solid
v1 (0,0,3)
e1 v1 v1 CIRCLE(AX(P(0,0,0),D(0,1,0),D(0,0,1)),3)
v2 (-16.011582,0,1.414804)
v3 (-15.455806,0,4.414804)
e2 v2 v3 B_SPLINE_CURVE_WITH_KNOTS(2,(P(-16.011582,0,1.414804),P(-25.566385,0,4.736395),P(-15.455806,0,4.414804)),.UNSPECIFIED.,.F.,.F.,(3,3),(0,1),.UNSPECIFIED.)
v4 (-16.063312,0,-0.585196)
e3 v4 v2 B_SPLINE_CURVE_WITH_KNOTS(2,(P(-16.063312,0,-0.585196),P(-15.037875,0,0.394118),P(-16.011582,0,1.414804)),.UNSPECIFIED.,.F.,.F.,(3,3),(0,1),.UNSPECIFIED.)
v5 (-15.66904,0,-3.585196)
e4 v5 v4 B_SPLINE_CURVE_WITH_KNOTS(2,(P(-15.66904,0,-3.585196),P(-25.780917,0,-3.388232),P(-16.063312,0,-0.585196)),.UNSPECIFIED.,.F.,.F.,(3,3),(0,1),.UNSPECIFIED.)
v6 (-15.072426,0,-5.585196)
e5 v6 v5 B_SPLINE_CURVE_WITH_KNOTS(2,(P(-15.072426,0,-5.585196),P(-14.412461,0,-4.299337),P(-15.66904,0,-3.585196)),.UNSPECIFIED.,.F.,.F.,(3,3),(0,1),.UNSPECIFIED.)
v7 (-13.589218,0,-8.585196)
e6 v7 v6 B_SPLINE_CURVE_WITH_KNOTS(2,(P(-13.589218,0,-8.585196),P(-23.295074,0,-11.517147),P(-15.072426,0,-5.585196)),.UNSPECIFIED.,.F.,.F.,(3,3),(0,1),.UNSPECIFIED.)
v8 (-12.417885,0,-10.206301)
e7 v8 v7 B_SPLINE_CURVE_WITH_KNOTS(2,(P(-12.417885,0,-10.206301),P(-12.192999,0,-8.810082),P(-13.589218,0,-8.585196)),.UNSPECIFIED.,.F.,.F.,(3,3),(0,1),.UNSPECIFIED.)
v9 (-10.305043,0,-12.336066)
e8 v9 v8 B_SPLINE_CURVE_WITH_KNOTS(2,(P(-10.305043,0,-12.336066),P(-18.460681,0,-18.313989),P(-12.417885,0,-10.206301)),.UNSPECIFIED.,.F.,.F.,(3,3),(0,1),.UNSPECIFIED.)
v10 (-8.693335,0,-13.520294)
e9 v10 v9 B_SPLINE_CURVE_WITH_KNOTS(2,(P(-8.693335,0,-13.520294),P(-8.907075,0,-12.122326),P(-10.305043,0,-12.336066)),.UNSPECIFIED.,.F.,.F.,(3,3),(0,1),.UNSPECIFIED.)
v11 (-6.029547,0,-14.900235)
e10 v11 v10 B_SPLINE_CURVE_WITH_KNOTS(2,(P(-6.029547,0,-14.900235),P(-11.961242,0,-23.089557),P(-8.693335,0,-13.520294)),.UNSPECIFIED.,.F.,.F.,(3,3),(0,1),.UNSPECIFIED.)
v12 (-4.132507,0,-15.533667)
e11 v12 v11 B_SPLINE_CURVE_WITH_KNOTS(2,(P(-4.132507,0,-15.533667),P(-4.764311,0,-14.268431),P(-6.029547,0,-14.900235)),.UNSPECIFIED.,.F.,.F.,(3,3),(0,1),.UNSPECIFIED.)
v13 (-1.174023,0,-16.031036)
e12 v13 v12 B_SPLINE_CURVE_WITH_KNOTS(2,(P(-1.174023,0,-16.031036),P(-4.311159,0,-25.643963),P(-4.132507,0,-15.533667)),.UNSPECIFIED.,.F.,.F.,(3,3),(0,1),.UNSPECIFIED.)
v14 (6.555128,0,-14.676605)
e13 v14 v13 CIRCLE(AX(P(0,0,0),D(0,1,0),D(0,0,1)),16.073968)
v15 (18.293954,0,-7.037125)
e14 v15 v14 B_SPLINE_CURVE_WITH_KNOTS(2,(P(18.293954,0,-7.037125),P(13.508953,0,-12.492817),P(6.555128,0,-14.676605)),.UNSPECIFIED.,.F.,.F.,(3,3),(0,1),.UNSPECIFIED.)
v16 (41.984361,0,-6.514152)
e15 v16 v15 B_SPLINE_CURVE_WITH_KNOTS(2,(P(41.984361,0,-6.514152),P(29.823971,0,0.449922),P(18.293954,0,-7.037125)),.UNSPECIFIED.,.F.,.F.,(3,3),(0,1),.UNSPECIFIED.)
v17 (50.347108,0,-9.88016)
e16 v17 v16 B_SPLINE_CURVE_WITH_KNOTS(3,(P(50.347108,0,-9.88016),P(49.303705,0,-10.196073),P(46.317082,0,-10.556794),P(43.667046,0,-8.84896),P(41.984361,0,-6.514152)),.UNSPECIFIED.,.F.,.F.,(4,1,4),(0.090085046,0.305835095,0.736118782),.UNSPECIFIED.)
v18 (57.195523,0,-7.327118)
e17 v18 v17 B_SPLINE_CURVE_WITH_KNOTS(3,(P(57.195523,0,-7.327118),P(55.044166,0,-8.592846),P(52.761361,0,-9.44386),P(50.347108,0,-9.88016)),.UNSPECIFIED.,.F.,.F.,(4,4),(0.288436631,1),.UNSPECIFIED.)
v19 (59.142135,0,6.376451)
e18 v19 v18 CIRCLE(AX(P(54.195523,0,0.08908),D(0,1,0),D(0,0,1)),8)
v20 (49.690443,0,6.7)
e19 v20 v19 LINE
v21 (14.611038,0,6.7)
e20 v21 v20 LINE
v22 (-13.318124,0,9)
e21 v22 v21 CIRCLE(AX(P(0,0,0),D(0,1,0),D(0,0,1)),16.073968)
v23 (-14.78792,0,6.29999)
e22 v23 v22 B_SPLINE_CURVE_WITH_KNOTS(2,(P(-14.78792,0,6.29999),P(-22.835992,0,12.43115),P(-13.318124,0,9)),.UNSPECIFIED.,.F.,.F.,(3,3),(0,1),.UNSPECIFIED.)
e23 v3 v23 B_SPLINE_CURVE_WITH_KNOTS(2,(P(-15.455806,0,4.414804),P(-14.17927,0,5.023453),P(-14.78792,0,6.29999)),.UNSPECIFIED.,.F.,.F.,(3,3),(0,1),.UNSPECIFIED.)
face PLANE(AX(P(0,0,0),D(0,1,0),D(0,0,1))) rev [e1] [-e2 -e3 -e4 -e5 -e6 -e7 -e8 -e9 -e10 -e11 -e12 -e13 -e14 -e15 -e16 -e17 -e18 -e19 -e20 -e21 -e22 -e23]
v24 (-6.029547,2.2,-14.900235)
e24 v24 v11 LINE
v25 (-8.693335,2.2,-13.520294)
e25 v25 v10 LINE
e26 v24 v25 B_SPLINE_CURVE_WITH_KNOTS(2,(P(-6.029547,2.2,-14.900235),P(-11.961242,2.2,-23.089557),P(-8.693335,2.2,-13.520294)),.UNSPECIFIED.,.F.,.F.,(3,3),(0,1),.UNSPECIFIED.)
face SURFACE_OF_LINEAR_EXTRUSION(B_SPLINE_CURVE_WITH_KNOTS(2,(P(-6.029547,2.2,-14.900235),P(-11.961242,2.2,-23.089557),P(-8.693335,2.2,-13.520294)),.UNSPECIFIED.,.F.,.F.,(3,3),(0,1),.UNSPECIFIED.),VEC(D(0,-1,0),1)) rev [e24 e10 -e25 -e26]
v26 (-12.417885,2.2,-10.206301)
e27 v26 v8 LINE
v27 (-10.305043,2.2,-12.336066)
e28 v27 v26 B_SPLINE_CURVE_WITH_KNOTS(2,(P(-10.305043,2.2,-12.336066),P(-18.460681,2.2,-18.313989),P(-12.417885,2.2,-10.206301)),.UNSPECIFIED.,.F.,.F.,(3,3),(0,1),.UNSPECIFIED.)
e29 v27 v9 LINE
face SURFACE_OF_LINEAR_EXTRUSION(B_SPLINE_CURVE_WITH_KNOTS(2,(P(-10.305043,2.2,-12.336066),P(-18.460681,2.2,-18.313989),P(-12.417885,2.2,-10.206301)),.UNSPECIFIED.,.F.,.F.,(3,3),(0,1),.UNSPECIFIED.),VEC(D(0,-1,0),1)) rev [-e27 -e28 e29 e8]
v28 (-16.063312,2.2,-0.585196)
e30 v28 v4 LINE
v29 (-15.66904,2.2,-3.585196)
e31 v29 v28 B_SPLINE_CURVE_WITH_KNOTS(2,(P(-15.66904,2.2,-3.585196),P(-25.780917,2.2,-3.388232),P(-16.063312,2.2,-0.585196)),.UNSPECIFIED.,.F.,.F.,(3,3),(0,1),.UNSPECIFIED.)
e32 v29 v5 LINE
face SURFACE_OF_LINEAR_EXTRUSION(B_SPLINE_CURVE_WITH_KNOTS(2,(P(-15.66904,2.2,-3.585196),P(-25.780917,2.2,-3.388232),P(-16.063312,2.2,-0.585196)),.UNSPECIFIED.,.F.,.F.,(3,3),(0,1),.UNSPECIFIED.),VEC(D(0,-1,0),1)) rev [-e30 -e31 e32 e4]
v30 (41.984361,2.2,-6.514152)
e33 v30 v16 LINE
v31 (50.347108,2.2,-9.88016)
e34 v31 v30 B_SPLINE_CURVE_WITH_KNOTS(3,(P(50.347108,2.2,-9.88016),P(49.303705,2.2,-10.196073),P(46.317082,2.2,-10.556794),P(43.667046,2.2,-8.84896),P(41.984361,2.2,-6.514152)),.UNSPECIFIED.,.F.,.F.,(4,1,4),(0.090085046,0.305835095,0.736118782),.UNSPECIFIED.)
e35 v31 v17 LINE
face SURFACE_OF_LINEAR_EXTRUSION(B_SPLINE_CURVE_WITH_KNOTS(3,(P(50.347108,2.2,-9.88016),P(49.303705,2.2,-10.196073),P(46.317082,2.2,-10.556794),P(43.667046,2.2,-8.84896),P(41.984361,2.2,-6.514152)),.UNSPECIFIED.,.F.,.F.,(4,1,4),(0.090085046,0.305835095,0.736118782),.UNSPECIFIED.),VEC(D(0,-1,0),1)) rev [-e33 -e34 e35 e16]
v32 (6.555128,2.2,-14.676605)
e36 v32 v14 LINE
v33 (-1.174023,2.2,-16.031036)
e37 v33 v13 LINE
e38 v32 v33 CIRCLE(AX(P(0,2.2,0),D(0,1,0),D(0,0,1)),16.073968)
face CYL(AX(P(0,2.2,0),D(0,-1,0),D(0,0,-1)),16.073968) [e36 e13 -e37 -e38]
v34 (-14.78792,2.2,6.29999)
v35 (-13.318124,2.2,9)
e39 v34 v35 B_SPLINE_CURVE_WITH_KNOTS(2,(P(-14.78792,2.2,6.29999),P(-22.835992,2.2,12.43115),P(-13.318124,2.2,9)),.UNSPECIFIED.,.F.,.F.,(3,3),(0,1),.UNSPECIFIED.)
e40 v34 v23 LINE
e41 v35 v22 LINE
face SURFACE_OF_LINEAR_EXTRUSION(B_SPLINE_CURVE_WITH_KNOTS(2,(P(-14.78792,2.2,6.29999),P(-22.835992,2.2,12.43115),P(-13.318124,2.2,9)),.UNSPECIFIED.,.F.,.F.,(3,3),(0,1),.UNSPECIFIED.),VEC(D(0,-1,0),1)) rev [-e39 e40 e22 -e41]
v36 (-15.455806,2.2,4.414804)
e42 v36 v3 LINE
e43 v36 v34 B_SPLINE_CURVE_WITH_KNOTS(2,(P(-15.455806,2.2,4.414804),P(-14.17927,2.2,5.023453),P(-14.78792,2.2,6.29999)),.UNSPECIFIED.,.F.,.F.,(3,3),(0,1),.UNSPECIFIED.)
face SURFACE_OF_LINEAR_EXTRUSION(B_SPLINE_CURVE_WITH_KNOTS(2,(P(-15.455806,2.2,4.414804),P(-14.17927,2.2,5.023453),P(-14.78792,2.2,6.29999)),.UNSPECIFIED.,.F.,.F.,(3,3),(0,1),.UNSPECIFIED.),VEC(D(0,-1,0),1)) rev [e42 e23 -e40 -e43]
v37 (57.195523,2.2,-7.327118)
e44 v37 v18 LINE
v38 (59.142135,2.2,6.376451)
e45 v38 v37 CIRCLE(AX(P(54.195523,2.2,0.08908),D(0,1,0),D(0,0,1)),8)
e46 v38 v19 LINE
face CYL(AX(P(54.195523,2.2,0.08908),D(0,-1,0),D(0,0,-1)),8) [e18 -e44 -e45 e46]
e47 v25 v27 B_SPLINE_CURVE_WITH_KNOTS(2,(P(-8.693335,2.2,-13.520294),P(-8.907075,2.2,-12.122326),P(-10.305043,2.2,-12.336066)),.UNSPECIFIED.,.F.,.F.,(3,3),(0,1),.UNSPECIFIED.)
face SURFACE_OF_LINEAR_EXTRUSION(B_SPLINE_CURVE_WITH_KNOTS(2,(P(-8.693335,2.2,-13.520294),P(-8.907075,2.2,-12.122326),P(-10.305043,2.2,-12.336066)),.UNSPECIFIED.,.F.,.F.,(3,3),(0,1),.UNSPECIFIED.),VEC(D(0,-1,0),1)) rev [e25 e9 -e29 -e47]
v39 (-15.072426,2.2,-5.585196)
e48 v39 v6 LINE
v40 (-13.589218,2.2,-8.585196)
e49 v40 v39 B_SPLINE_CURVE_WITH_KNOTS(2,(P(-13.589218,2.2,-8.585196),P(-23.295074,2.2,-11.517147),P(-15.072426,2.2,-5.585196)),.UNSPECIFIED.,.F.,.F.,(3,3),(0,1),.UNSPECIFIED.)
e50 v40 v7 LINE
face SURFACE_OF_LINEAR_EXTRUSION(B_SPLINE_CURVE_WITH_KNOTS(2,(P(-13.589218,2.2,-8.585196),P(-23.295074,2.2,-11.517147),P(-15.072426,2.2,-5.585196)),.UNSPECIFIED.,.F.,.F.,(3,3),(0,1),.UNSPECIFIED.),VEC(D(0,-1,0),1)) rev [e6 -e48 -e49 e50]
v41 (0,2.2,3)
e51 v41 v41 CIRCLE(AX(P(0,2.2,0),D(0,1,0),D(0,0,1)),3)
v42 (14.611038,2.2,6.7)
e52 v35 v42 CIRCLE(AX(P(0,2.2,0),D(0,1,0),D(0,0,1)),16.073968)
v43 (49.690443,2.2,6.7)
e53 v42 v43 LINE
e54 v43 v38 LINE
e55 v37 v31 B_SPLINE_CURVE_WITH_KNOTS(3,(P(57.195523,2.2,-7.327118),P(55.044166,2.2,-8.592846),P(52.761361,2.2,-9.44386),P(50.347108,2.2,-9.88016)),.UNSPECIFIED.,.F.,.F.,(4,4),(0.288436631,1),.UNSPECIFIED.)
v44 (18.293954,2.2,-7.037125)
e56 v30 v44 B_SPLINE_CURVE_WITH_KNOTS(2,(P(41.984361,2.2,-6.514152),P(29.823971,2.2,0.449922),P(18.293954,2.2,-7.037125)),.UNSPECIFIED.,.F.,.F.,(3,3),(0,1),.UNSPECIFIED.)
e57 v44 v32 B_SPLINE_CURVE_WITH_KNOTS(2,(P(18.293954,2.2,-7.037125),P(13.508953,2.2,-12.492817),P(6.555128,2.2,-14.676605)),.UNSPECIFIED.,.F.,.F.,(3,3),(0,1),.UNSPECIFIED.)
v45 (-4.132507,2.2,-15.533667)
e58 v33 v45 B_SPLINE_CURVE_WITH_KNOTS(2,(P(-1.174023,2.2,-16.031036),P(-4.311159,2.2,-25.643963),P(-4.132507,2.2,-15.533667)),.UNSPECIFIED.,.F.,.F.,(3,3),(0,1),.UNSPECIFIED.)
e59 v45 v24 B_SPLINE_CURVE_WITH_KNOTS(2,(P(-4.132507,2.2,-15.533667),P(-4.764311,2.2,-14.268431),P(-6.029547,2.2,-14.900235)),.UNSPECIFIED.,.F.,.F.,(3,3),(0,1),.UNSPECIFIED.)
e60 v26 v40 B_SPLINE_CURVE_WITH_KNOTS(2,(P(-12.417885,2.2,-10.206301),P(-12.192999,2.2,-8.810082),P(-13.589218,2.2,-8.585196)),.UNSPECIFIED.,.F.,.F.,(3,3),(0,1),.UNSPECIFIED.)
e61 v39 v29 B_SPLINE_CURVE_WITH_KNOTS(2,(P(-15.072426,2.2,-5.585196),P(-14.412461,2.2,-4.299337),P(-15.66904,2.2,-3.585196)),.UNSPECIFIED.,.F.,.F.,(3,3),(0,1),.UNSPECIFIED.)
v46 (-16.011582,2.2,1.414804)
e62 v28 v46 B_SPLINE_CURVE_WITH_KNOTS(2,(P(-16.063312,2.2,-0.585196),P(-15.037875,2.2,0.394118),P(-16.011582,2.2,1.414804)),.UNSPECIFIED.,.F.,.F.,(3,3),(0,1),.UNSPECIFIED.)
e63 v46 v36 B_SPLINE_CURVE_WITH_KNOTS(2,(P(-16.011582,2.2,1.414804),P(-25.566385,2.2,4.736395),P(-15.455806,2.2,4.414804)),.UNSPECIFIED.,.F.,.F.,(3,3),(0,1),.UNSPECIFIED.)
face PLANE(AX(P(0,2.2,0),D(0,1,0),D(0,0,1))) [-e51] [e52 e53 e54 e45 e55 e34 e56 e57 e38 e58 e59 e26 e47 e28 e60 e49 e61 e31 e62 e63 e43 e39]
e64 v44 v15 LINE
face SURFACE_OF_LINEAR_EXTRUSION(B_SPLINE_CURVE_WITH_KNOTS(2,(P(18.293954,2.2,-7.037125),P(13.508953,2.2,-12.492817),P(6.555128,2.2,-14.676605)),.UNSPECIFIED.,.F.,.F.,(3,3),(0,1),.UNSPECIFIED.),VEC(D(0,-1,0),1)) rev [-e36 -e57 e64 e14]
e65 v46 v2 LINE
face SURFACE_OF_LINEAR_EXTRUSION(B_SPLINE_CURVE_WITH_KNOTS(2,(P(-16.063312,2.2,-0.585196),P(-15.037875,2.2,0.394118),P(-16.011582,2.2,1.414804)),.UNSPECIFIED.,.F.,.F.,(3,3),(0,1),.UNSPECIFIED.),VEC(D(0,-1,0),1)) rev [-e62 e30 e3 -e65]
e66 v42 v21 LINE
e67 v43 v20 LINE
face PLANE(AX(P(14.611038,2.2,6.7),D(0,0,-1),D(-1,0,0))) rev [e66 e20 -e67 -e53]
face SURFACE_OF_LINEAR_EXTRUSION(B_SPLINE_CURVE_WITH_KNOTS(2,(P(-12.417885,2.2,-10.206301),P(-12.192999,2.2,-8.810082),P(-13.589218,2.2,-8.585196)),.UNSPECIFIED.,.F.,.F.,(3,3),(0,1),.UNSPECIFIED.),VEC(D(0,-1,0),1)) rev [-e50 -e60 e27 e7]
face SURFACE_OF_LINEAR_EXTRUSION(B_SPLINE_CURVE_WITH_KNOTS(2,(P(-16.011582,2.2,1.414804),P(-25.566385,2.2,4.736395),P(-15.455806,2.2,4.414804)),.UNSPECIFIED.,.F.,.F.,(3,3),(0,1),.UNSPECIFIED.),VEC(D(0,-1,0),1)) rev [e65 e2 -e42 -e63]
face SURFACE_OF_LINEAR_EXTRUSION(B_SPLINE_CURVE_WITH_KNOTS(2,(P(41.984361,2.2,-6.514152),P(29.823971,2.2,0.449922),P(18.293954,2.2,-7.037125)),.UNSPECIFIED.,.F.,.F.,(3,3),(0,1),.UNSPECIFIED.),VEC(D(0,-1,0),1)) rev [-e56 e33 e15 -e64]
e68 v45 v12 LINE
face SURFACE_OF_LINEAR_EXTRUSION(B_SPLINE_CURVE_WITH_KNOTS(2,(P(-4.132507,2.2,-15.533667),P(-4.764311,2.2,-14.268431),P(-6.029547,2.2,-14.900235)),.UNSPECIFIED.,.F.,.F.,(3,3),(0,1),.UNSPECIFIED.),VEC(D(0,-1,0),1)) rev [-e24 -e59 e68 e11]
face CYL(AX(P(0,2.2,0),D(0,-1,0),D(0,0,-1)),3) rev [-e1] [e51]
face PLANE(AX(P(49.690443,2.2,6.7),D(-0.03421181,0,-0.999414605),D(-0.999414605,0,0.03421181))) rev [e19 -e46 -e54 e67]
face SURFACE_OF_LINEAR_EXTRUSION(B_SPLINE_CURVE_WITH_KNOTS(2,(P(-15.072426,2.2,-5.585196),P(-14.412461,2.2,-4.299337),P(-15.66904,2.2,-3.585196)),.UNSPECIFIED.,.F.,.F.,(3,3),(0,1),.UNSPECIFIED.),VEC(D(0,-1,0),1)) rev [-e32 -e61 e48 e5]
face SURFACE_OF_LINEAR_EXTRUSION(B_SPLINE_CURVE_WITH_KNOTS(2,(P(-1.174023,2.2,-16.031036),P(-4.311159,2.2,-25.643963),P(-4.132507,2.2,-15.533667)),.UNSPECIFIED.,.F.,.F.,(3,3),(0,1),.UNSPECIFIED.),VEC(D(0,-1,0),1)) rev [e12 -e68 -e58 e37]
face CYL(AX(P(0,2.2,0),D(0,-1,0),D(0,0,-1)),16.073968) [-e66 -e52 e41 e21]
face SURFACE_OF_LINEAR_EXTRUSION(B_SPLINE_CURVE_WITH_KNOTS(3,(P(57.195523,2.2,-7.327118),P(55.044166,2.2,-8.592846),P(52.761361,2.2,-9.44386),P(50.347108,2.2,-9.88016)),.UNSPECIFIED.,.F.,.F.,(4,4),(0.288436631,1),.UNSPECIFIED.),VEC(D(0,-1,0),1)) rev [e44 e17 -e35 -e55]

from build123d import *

# Parameters (mm, degrees)
SKETCH_1_R      = 3
EXTRUDE_1_DEPTH = 2.2


with BuildPart() as part:
    # 草图1 → 凸台-拉伸1 (new body)
    with BuildSketch(Plane(origin=(0, 0, 0), x_dir=(1, 0, 0), z_dir=(0, 1, 0))):
        with BuildLine():
            Line((14.611038219, -6.7), (49.690443214, -6.7))
            Line((49.690443214, -6.7), (59.14213471, -6.376451123))
            ThreePointArc((59.14213471, -6.376451123), (62.116009682, 1.036036266), (57.195522798, 7.327118086))
            add(Edge.make_bspline(
                [(50.347107534, 9.880159683), (52.761361064, 9.443859829), (55.044166152, 8.592845964), (57.195522798, 7.327118086)],
                knots=[0.288436631, 0.288436631, 0.288436631, 0.288436631, 1, 1, 1, 1], degree=3))
            add(Edge.make_bspline(
                [(41.984360593, 6.514151987), (43.667045792, 8.848960271), (46.317081673, 10.55679372), (49.303704664, 10.196073302), (50.347107534, 9.880159683)],
                knots=[0.090085046, 0.090085046, 0.090085046, 0.090085046, 0.520368733, 0.736118782, 0.736118782, 0.736118782, 0.736118782], degree=3))
            add(Edge.make_bspline(
                [(18.29395406, 7.037125327), (29.823970963, -0.449921726), (41.984360593, 6.514151987)],
                knots=[0, 0, 0, 1, 1, 1], degree=2))
            add(Edge.make_bspline(
                [(6.555128163, 14.676604942), (13.508953417, 12.492816522), (18.29395406, 7.037125327)],
                knots=[0, 0, 0, 1, 1, 1], degree=2))
            ThreePointArc((6.555128163, 14.676604942), (2.774471684, 15.832711225), (-1.174023286, 16.031035749))
            add(Edge.make_bspline(
                [(-4.132506817, 15.533667476), (-4.311159294, 25.643963381), (-1.174023286, 16.031035749)],
                knots=[0, 0, 0, 1, 1, 1], degree=2))
            add(Edge.make_bspline(
                [(-6.029547406, 14.900234761), (-4.764310754, 14.268430824), (-4.132506817, 15.533667476)],
                knots=[0, 0, 0, 1, 1, 1], degree=2))
            add(Edge.make_bspline(
                [(-8.69333509, 13.520294481), (-11.961242179, 23.089556901), (-6.029547406, 14.900234761)],
                knots=[0, 0, 0, 1, 1, 1], degree=2))
            add(Edge.make_bspline(
                [(-10.305043141, 12.336065974), (-8.907074862, 12.122326202), (-8.69333509, 13.520294481)],
                knots=[0, 0, 0, 1, 1, 1], degree=2))
            add(Edge.make_bspline(
                [(-12.417884822, 10.206300721), (-18.460681491, 18.31398895), (-10.305043141, 12.336065974)],
                knots=[0, 0, 0, 1, 1, 1], degree=2))
            add(Edge.make_bspline(
                [(-13.589217783, 8.585196439), (-12.192999161, 8.810082099), (-12.417884822, 10.206300721)],
                knots=[0, 0, 0, 1, 1, 1], degree=2))
            add(Edge.make_bspline(
                [(-15.07242577, 5.585196439), (-23.295073991, 11.517146599), (-13.589217783, 8.585196439)],
                knots=[0, 0, 0, 1, 1, 1], degree=2))
            add(Edge.make_bspline(
                [(-15.669039675, 3.585196439), (-14.412461062, 4.29933734), (-15.07242577, 5.585196439)],
                knots=[0, 0, 0, 1, 1, 1], degree=2))
            add(Edge.make_bspline(
                [(-16.063311706, 0.585196439), (-25.780917218, 3.388231532), (-15.669039675, 3.585196439)],
                knots=[0, 0, 0, 1, 1, 1], degree=2))
            add(Edge.make_bspline(
                [(-16.011582331, -1.414803561), (-15.037875075, -0.394118455), (-16.063311706, 0.585196439)],
                knots=[0, 0, 0, 1, 1, 1], degree=2))
            add(Edge.make_bspline(
                [(-15.455806267, -4.414803561), (-25.566384923, -4.736394924), (-16.011582331, -1.414803561)],
                knots=[0, 0, 0, 1, 1, 1], degree=2))
            add(Edge.make_bspline(
                [(-14.787919584, -6.299989859), (-14.179269776, -5.023453369), (-15.455806267, -4.414803561)],
                knots=[0, 0, 0, 1, 1, 1], degree=2))
            add(Edge.make_bspline(
                [(-13.318124412, -9), (-22.835991784, -12.431149783), (-14.787919584, -6.299989859)],
                knots=[0, 0, 0, 1, 1, 1], degree=2))
            ThreePointArc((-13.318124412, -9), (1.319244681, -16.019738803), (14.611038219, -6.7))
        make_face()
        with Locations(Location((0, 0, 0), (0, 0, 270))):
            Circle(SKETCH_1_R, mode=Mode.SUBTRACT)
    extrude(amount=EXTRUDE_1_DEPTH)


solid = part.part
